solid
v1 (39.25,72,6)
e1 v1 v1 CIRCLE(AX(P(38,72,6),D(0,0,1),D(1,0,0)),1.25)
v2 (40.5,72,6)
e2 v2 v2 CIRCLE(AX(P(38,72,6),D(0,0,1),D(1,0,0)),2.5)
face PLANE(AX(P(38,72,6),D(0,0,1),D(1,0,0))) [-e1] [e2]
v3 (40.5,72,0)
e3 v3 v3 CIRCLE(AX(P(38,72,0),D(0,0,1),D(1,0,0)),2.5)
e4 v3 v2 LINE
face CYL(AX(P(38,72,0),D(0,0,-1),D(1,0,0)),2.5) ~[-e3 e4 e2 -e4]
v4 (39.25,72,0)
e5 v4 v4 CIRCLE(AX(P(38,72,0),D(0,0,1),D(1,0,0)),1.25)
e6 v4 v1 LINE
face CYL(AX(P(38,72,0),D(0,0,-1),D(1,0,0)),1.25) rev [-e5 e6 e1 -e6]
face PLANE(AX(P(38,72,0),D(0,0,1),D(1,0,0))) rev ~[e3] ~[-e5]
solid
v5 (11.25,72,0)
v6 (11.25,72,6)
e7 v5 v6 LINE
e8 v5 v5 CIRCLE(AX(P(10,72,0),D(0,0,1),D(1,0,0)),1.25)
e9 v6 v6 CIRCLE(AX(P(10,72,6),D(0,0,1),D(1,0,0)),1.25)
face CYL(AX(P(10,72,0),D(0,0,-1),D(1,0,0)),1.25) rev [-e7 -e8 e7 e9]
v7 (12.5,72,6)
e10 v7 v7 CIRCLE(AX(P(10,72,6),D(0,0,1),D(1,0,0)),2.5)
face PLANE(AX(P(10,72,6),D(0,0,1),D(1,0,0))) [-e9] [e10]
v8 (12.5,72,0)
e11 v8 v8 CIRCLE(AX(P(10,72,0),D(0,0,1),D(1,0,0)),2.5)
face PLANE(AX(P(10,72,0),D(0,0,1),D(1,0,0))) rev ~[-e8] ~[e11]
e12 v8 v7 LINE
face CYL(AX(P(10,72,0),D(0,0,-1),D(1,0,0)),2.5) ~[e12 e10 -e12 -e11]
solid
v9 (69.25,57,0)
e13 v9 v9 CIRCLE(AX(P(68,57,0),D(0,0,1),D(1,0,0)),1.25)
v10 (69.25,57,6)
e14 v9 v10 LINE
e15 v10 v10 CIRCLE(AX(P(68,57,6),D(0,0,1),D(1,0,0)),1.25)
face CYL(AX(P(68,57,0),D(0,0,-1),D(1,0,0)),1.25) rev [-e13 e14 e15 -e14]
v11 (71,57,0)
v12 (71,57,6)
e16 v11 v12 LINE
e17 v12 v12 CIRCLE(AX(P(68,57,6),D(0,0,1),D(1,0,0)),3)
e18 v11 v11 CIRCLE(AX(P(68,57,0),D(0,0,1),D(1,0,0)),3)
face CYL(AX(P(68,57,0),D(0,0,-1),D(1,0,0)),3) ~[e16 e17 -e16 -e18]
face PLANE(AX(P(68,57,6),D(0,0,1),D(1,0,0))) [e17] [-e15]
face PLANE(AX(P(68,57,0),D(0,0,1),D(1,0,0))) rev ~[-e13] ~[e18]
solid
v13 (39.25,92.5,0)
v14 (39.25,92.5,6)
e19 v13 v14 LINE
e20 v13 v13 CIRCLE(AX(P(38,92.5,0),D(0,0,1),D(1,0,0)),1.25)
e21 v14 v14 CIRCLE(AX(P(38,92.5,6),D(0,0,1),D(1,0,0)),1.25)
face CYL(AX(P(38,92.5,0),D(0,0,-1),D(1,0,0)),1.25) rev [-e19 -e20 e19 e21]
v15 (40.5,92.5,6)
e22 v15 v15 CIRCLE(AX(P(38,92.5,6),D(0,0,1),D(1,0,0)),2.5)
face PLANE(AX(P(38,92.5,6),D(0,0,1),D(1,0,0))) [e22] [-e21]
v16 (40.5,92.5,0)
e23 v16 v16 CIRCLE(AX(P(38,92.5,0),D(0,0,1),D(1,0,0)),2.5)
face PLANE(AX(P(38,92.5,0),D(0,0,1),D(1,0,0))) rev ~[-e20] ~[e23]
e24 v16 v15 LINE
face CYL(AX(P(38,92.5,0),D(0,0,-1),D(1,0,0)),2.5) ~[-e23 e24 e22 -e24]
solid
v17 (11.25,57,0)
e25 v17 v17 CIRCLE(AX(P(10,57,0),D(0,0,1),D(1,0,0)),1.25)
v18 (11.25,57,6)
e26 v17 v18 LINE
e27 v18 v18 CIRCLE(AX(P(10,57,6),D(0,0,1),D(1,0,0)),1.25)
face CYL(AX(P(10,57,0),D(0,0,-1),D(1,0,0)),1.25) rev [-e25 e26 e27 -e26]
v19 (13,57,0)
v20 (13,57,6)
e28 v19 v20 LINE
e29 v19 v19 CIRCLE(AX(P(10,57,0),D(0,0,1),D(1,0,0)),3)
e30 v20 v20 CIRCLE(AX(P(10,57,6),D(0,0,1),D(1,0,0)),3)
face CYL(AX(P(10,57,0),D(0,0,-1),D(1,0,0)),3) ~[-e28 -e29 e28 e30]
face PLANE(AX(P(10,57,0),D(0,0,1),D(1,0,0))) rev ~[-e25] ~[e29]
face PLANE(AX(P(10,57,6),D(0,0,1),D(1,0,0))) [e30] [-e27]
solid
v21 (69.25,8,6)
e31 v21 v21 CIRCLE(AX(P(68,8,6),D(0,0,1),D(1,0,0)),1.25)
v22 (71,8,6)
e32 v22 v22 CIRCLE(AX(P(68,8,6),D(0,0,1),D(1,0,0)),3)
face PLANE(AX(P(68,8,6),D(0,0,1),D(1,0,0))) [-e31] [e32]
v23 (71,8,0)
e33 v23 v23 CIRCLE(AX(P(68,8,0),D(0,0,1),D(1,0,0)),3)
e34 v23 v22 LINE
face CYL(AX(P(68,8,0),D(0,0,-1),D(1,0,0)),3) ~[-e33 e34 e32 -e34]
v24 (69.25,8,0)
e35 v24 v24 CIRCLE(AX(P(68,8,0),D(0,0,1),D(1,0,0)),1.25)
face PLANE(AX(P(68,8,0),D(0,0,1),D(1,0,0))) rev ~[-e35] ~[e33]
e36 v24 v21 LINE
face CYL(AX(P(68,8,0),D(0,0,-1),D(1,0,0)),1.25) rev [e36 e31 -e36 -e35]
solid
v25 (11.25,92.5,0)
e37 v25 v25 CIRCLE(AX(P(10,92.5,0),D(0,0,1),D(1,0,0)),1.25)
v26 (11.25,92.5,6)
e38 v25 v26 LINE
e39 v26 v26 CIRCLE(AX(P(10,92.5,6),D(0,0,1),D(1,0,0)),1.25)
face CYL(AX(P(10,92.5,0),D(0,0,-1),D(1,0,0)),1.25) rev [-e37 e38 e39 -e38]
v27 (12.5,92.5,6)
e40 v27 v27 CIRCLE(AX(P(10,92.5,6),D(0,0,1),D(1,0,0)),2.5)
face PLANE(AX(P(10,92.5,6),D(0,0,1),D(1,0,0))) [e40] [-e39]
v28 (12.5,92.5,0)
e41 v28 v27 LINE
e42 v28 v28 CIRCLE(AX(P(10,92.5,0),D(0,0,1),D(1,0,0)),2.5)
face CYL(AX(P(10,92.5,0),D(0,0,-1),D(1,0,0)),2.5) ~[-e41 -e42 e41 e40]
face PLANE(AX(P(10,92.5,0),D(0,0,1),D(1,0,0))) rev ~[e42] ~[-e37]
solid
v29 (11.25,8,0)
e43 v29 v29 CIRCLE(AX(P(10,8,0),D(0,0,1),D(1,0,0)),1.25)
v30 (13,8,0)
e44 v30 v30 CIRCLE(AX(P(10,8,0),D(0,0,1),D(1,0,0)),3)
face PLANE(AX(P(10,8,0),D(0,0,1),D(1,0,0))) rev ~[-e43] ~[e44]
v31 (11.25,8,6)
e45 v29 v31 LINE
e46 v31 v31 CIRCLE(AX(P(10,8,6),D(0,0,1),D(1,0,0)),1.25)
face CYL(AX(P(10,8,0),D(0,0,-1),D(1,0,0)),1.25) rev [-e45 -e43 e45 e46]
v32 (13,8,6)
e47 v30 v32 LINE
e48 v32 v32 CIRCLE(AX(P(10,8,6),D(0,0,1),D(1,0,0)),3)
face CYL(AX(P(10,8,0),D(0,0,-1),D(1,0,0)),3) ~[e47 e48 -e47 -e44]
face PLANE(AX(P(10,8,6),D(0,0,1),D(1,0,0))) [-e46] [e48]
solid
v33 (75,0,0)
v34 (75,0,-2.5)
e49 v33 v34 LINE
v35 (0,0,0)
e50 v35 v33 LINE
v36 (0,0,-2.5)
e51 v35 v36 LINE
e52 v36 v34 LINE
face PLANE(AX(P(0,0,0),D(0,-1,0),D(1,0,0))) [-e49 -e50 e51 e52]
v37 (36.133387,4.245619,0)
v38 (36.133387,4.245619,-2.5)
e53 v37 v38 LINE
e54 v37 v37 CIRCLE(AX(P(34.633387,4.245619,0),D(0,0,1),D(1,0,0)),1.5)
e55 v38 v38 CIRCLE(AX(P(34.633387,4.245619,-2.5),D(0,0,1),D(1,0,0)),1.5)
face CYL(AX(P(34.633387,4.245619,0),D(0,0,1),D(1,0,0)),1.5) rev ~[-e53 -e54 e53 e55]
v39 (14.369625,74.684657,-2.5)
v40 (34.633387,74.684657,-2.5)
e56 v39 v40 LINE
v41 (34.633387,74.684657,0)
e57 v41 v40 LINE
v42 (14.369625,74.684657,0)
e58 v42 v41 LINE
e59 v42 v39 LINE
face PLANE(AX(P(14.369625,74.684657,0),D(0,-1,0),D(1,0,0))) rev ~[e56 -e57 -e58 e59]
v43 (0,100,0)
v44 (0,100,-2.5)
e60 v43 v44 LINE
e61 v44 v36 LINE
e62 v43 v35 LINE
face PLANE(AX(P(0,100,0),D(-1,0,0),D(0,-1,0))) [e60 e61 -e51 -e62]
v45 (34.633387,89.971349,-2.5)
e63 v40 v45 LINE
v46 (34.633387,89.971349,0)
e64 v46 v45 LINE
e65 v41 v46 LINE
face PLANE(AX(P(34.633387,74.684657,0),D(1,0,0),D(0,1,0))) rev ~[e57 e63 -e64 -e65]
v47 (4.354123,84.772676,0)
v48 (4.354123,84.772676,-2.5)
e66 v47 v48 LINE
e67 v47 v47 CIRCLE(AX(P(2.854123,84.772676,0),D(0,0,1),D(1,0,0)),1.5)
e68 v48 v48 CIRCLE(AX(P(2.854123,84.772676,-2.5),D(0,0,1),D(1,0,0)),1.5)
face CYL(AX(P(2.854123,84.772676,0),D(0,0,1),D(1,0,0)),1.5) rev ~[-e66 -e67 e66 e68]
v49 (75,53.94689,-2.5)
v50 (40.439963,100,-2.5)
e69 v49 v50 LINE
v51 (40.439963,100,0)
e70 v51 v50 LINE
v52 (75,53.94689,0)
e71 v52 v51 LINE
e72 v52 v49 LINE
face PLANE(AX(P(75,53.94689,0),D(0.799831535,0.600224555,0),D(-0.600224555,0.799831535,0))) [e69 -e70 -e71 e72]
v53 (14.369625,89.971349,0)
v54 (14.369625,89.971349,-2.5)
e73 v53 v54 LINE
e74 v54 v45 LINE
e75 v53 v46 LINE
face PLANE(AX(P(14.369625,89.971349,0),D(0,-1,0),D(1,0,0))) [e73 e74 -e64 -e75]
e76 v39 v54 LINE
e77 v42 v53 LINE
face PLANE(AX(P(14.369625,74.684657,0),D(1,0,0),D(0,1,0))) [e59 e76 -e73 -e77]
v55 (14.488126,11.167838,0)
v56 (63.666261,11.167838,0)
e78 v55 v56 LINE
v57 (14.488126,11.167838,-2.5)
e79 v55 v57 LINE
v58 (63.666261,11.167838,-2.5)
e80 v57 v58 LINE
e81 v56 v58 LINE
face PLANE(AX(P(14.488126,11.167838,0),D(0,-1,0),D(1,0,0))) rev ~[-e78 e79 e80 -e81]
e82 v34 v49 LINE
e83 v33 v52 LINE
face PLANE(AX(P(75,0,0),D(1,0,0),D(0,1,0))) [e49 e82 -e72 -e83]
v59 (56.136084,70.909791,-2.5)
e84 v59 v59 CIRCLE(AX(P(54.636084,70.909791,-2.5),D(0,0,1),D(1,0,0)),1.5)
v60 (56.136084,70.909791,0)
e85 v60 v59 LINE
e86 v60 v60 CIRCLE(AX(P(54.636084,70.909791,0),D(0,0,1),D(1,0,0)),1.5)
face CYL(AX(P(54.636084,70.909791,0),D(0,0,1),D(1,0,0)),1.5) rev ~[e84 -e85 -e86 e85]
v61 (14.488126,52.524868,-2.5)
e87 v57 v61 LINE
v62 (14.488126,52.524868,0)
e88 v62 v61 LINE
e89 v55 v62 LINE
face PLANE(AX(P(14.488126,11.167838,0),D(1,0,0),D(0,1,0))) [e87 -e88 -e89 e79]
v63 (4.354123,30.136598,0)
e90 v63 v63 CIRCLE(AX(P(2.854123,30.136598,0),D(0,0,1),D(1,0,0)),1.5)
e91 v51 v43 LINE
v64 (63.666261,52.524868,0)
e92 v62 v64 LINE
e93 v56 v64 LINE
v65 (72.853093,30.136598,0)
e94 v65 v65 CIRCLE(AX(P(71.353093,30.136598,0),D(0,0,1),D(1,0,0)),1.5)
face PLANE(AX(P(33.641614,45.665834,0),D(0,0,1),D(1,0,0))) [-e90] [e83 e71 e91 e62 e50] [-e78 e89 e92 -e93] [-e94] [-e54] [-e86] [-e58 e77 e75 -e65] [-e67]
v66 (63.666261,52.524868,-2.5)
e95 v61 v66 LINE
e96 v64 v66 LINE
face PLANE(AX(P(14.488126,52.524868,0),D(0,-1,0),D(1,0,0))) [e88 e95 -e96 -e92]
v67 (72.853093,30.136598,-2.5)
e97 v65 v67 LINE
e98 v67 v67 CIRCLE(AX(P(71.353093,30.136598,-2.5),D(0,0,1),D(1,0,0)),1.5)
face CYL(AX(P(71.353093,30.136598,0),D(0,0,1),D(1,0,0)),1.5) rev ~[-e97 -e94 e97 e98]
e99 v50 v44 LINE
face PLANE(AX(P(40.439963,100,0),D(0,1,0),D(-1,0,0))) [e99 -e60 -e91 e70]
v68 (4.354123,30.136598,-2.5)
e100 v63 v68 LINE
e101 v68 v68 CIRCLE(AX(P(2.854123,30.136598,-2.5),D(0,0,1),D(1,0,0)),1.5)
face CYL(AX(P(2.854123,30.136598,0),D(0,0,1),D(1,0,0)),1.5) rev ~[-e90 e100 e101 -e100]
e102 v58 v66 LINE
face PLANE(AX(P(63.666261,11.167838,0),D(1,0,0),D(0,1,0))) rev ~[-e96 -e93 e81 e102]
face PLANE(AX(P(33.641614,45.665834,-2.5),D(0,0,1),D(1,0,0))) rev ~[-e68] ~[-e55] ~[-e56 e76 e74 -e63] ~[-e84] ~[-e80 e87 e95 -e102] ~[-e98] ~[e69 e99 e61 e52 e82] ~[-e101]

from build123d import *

# Parameters (mm, degrees)
F1_R     = 3
F1_R_2   = 1.25
F1_R_3   = 2.5
F2_DEPTH = 6
F4_DEPTH = 2.5
F3_W     = 49.178135
F3_H     = 41.35703
F3_W_2   = 20.263761
F3_H_2   = 15.286692
F5_DEPTH = 25
F6_R     = 1.5
F7_DEPTH = 25


with BuildPart() as f2:
    # F1 (on Top) → F2 (new body)
    with BuildSketch(Plane.XY):
        with Locations((10, 8)):
            Circle(F1_R)
        with Locations((10, 8)):
            Circle(F1_R_2, mode=Mode.SUBTRACT)
        with Locations((10, 57)):
            Circle(F1_R)
        with Locations((10, 57)):
            Circle(F1_R_2, mode=Mode.SUBTRACT)
        with Locations((68, 8)):
            Circle(F1_R)
        with Locations((68, 8)):
            Circle(F1_R_2, mode=Mode.SUBTRACT)
        with Locations((68, 57)):
            Circle(F1_R)
        with Locations((68, 57)):
            Circle(F1_R_2, mode=Mode.SUBTRACT)
        with Locations((10, 72)):
            Circle(F1_R_3)
        with Locations((10, 72)):
            Circle(F1_R_2, mode=Mode.SUBTRACT)
        with Locations((10, 92.5)):
            Circle(F1_R_3)
        with Locations((10, 92.5)):
            Circle(F1_R_2, mode=Mode.SUBTRACT)
        with Locations((38, 72)):
            Circle(F1_R_3)
        with Locations((38, 72)):
            Circle(F1_R_2, mode=Mode.SUBTRACT)
        with Locations((38, 92.5)):
            Circle(F1_R_3)
        with Locations((38, 92.5)):
            Circle(F1_R_2, mode=Mode.SUBTRACT)
    extrude(amount=F2_DEPTH)


with BuildPart() as f4:
    # F0 (on Top) → F4 (new body)
    with BuildSketch(Plane.XY):
        Polygon((0, 100), (0, 0), (75, 0), (75, 53.94689), (40.439963, 100), align=None)
    extrude(amount=-F4_DEPTH)

    # F3 (on Top) → F5 (cut)
    with BuildSketch(Plane.XY):
        with Locations((39.077194, 31.846353)):
            Rectangle(F3_W, F3_H)
        with Locations((24.501506, 82.328003)):
            Rectangle(F3_W_2, F3_H_2)
    extrude(amount=-F5_DEPTH, mode=Mode.SUBTRACT)

    # F6 (on face) → F7 (cut)
    with BuildSketch(Plane.XY):
        with Locations((2.854123, 84.772676)):
            Circle(F6_R)
        with Locations((2.854123, 30.136598)):
            Circle(F6_R)
        with Locations((54.636084, 70.909791)):
            Circle(F6_R)
        with Locations((71.353093, 30.136598)):
            Circle(F6_R)
        with Locations((34.633387, 4.245619)):
            Circle(F6_R)
    extrude(amount=-F7_DEPTH, mode=Mode.SUBTRACT)


solid = Compound([f2.part, f4.part])
